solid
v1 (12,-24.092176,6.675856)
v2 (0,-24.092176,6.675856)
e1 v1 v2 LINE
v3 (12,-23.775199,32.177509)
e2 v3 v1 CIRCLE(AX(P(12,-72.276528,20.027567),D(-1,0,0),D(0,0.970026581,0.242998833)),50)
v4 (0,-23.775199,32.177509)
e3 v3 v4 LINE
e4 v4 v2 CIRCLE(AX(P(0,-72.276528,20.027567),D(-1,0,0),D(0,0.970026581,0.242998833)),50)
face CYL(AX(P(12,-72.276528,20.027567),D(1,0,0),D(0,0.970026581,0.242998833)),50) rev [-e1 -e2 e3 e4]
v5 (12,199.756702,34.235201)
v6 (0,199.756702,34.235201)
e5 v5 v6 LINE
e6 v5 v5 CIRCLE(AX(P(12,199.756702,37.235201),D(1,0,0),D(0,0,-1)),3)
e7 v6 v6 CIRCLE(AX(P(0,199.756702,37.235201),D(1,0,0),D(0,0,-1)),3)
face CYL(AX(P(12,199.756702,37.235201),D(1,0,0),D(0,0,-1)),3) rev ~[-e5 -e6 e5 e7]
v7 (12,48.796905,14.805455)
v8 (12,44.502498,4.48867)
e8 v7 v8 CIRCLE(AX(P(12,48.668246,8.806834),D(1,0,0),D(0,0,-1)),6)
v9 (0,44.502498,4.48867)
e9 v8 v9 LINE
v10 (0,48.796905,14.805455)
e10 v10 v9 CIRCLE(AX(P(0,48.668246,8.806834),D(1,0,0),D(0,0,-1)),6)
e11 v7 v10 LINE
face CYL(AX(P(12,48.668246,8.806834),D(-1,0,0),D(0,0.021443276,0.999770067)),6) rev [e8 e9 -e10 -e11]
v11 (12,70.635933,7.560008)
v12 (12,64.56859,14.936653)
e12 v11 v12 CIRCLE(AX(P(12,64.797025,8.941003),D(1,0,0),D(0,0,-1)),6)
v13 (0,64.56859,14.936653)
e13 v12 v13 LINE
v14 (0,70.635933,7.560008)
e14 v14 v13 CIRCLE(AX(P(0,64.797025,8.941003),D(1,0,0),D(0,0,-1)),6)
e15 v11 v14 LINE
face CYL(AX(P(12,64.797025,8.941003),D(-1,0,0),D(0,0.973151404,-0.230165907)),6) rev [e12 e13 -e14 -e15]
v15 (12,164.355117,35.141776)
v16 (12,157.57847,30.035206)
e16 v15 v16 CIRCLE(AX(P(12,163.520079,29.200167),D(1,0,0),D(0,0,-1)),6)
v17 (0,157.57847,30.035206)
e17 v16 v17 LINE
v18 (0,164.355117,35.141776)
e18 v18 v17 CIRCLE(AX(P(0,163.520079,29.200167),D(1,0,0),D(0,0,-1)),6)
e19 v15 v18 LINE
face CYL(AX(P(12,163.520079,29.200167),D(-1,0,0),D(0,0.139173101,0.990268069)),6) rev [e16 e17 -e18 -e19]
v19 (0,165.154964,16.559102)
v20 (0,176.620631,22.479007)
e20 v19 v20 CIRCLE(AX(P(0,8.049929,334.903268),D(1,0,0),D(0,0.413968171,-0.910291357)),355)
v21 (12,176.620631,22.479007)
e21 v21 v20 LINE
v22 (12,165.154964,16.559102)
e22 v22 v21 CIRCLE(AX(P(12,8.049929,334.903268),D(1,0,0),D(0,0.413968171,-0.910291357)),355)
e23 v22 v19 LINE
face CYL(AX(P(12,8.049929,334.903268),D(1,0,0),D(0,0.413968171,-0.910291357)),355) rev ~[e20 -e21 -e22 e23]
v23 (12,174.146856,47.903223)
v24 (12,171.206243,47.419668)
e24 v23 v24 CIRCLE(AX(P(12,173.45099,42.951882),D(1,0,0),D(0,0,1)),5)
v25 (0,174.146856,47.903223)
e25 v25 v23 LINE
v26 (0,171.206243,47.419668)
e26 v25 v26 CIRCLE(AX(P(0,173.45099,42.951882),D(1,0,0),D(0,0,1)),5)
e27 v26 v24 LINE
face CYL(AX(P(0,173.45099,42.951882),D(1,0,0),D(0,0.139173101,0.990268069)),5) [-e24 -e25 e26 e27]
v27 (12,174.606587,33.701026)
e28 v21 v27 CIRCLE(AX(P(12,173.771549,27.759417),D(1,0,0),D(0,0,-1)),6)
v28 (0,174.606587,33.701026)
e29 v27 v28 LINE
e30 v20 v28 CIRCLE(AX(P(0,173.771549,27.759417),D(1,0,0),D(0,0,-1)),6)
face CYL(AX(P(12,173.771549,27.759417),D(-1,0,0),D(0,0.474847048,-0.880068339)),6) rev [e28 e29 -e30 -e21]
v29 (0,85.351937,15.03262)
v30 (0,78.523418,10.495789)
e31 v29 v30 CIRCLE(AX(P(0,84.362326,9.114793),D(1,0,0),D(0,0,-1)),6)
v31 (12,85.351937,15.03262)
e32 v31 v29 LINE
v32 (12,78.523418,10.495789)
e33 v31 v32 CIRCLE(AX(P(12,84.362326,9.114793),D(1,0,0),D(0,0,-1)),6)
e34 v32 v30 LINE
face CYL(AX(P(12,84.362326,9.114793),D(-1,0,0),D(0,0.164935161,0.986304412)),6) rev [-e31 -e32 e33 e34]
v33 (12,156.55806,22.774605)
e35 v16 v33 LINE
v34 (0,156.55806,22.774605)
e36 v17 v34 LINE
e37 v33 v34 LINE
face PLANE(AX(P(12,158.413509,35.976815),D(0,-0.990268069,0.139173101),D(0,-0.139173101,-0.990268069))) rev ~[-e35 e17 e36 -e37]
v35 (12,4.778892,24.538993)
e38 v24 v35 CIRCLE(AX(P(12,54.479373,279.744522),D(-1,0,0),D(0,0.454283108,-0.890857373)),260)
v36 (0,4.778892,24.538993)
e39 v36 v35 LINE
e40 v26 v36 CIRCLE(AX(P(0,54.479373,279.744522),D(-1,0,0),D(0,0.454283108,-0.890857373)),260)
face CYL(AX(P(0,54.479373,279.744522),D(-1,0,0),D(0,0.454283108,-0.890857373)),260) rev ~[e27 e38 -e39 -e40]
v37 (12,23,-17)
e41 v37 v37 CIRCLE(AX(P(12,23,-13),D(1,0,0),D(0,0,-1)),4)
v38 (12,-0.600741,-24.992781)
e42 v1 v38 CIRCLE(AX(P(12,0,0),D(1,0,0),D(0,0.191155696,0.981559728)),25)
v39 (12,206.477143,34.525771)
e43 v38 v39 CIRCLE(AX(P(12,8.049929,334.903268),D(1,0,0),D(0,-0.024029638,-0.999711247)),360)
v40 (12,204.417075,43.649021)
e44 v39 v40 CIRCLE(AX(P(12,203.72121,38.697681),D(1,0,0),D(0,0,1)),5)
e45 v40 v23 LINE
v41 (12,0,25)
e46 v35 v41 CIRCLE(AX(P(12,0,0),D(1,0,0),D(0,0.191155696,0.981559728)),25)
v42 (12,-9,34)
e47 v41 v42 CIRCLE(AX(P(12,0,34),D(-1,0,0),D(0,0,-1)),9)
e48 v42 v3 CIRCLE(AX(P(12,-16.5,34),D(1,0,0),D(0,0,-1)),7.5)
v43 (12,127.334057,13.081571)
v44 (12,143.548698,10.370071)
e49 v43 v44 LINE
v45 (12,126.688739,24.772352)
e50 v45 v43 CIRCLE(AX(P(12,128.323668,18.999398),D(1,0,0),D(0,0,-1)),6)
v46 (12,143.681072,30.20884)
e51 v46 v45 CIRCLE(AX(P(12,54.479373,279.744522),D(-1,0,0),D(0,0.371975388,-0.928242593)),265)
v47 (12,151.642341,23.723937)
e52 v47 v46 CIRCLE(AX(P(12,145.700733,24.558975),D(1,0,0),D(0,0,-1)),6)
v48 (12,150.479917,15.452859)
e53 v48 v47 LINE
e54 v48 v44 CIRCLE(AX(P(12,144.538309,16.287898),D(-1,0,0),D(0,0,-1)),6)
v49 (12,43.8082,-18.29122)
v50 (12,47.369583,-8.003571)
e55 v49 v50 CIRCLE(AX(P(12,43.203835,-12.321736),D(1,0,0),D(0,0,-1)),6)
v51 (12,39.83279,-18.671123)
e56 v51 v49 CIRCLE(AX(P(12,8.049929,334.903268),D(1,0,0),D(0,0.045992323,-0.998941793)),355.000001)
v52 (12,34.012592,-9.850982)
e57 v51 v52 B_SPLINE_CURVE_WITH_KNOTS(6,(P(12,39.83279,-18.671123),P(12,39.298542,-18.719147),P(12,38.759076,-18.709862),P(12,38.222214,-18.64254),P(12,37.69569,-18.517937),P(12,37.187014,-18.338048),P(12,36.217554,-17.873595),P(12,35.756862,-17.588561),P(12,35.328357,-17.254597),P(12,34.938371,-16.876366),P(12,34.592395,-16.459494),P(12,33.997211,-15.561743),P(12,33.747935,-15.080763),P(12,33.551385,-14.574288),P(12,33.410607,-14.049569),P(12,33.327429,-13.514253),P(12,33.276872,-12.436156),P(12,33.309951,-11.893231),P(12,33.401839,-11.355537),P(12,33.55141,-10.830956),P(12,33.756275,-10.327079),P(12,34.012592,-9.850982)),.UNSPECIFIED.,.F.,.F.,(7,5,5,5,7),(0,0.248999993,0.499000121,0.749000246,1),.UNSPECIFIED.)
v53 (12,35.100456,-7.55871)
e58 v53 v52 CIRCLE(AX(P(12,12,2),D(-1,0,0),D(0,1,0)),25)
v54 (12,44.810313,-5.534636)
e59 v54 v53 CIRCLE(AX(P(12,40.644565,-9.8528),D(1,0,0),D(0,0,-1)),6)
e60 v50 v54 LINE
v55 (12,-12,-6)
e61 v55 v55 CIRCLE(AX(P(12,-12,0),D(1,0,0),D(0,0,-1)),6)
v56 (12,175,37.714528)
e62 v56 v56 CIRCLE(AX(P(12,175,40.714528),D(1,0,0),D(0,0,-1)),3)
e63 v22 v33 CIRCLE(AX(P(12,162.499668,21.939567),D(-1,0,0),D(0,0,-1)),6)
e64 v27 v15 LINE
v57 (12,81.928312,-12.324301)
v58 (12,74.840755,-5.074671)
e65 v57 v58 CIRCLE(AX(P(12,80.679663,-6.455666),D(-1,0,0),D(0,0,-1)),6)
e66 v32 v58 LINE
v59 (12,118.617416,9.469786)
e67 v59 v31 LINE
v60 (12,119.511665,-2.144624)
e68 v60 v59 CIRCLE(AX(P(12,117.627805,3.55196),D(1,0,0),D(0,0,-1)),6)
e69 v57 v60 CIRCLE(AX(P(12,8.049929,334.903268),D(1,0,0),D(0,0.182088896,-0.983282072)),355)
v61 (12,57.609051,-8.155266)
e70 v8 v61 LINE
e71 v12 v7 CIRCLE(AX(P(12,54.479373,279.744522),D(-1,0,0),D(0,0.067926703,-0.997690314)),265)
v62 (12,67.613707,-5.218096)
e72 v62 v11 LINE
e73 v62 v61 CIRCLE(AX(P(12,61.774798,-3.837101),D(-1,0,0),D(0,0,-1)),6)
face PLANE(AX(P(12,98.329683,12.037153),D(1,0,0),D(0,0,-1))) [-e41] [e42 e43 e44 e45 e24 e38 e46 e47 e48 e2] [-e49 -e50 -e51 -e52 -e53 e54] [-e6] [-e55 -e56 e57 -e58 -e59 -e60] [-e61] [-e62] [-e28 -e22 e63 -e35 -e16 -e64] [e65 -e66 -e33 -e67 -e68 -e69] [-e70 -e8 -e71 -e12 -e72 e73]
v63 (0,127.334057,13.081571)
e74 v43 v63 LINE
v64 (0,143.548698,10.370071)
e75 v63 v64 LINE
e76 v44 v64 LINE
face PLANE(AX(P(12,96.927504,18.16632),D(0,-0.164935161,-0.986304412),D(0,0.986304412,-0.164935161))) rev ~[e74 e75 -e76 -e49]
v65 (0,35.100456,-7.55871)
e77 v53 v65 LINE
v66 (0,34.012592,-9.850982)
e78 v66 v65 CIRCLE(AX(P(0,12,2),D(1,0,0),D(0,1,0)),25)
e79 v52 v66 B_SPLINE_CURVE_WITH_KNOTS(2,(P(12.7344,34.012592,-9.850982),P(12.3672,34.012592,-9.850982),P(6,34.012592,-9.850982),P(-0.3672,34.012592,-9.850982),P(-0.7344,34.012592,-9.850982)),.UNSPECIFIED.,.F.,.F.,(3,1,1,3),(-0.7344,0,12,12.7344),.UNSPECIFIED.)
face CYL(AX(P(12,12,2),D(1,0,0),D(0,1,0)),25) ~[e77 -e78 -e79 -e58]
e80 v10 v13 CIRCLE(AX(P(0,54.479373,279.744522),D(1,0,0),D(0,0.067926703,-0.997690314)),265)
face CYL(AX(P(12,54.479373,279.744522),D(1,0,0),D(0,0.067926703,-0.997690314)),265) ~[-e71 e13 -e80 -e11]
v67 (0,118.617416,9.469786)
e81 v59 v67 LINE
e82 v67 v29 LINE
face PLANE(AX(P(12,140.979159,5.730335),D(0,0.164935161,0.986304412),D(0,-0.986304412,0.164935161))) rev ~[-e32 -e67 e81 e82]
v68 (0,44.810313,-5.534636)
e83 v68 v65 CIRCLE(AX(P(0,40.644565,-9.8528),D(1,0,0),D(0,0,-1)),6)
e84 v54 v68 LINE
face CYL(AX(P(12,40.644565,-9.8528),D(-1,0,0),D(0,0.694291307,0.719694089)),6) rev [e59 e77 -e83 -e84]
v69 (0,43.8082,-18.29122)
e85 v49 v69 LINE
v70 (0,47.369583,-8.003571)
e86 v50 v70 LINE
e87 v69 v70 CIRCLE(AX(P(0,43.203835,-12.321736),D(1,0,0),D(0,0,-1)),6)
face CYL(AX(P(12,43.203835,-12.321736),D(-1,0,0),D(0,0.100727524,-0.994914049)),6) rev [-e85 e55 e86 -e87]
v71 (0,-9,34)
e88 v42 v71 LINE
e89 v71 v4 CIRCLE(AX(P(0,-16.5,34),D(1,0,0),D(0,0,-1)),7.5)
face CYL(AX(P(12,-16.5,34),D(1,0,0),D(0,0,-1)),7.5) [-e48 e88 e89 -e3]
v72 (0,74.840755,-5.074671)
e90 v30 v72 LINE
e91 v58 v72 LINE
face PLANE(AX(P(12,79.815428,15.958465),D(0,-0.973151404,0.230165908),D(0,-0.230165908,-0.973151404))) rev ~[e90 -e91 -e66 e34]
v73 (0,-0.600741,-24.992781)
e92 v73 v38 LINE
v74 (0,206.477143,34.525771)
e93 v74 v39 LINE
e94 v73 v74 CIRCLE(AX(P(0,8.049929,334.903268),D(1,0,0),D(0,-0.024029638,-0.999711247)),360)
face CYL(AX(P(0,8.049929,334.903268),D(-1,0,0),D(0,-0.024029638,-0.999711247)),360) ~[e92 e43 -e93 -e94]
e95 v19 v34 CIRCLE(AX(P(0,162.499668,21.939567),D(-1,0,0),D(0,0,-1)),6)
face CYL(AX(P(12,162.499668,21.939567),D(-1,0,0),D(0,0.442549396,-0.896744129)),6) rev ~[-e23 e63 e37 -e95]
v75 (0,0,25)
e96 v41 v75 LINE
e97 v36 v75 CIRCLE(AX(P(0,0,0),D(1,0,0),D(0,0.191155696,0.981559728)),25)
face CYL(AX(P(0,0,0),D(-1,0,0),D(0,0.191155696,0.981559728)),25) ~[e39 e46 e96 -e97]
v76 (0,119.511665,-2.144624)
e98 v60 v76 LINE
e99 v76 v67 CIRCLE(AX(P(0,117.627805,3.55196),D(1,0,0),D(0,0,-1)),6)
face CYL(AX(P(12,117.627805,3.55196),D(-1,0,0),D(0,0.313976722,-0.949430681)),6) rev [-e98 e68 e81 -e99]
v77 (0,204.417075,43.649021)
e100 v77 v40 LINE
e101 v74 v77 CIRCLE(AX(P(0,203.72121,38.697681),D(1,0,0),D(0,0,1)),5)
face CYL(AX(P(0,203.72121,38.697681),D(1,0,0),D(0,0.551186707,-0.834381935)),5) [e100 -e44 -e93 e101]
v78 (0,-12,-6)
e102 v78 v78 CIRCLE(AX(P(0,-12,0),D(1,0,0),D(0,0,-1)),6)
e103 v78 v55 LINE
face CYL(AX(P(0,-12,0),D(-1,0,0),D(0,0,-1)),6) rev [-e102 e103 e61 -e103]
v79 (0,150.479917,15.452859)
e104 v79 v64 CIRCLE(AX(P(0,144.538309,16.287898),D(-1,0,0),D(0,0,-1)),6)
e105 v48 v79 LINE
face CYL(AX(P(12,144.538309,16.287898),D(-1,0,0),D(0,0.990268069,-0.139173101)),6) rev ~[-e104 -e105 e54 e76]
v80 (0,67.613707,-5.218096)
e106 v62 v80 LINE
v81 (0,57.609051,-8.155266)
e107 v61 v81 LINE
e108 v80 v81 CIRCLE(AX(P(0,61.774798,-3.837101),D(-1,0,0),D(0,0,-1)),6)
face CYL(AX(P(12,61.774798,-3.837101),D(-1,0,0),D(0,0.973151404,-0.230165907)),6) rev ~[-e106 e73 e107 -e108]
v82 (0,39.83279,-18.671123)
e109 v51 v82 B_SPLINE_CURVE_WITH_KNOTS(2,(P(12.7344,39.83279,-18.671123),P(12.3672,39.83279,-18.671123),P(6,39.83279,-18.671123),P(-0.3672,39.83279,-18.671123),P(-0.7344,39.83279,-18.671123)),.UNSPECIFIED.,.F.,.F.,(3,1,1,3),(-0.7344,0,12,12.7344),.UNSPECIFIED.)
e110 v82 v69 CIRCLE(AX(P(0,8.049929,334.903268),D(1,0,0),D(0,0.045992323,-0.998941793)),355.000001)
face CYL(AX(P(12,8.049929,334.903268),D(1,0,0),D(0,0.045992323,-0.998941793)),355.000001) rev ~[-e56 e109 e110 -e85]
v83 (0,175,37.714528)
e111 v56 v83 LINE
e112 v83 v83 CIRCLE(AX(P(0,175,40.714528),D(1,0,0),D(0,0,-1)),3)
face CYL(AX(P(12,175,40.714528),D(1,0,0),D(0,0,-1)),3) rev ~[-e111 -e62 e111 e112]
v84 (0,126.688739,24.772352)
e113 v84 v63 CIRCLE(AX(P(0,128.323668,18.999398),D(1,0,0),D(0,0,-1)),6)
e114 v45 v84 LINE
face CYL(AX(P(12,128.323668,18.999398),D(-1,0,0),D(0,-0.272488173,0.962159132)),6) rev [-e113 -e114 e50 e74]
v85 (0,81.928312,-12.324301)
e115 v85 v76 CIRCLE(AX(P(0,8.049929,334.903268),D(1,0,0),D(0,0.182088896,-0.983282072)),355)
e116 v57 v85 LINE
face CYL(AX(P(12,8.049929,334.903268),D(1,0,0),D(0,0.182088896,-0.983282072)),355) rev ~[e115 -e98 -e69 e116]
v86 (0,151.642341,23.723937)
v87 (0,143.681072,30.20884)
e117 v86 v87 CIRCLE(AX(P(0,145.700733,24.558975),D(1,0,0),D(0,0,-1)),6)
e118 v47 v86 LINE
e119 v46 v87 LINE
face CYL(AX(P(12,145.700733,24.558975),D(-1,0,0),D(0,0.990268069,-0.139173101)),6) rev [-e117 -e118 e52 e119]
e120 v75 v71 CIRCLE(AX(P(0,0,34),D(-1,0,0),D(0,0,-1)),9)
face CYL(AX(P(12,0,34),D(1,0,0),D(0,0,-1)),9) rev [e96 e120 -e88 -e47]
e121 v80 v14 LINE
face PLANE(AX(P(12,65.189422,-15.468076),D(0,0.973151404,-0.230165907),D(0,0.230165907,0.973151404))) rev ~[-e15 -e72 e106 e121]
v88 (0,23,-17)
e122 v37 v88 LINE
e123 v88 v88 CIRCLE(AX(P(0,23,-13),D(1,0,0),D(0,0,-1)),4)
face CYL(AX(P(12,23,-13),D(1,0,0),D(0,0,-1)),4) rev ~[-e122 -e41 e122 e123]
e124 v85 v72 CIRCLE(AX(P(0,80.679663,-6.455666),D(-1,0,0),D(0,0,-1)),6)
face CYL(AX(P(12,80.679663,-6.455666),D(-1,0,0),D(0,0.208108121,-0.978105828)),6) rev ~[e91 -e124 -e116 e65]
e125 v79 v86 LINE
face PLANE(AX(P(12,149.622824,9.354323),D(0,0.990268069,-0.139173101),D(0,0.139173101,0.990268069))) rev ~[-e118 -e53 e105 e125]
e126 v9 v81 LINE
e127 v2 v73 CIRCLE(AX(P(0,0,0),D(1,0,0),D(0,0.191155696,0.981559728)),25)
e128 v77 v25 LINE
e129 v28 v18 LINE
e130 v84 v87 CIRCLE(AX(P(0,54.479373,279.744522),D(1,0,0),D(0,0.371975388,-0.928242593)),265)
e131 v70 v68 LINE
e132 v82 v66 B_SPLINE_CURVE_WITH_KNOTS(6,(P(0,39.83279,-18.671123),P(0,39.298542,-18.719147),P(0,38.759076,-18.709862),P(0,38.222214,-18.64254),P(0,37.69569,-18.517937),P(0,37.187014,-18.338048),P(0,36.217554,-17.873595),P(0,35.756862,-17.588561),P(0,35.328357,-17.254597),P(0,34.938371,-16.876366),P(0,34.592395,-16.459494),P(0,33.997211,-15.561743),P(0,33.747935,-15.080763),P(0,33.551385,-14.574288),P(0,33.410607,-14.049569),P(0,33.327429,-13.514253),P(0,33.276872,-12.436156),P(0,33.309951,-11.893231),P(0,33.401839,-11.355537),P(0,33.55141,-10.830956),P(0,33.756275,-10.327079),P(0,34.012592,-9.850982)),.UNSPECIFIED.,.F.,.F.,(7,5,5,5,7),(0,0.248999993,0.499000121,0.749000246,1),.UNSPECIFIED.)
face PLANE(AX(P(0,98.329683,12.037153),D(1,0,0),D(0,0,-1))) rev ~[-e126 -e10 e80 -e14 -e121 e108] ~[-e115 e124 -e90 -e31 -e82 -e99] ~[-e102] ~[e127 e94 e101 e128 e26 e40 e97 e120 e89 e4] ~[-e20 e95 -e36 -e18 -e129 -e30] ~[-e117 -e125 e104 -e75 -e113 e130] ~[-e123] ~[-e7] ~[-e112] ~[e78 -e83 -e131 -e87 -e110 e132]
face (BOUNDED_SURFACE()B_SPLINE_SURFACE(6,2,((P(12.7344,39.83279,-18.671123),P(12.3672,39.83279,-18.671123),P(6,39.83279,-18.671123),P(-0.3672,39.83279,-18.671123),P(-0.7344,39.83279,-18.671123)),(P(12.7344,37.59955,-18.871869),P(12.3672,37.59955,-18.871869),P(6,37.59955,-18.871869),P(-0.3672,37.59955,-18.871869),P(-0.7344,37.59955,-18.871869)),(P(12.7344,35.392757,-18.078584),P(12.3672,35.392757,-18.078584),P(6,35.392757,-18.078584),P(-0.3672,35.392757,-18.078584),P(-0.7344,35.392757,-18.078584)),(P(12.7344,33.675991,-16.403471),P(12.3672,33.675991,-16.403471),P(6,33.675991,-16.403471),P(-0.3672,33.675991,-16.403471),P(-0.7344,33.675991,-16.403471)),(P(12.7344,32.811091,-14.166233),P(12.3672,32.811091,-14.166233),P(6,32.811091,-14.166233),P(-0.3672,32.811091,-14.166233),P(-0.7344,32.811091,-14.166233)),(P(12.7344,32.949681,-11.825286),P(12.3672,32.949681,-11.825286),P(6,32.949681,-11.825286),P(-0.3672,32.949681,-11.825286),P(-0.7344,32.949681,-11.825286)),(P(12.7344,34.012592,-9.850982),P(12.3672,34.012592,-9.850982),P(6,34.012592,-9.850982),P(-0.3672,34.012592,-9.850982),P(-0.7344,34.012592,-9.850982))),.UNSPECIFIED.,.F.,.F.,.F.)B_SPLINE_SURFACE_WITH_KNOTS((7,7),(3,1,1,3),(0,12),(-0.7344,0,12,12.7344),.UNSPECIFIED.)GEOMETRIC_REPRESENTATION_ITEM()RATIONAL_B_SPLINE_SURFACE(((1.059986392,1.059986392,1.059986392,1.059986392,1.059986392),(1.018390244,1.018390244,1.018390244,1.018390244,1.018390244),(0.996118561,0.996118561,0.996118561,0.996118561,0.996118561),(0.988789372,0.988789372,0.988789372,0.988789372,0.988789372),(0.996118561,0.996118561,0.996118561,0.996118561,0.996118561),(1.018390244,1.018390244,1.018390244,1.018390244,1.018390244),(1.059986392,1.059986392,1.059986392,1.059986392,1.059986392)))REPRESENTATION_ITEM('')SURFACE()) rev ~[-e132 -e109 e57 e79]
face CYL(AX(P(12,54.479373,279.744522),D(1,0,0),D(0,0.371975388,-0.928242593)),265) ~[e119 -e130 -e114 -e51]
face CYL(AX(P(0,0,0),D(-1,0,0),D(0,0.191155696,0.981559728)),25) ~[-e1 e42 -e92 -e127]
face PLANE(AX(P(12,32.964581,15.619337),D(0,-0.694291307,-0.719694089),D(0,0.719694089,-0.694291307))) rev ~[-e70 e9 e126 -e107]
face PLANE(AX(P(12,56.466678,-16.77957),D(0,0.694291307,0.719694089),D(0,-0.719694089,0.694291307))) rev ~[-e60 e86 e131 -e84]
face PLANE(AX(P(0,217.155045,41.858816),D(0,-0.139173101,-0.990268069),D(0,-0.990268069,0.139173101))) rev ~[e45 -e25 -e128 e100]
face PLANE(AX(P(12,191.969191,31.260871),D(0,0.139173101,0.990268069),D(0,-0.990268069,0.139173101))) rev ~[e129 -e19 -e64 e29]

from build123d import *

# Parameters (mm, degrees)
SKETCH1_R           = 6
BOSS_EXTRUDE1_DEPTH = 12
SKETCH3_R           = 3
CUT_EXTRUDE2_DEPTH  = 13
CUT_EXTRUDE3_DEPTH  = 13
FILLET1_R           = 6
SKETCH2_R           = 4
CUT_EXTRUDE1_DEPTH  = 13.0000001
SKETCH5_R           = 7.5
BOSS_EXTRUDE2_DEPTH = 12
FILLET2_R           = 5


with BuildPart() as part:
    # Sketch1 → Boss-Extrude1 (new body)
    with BuildSketch(Plane(origin=(0, 0, 0), x_dir=(0, 0, -1), z_dir=(1, 0, 0))):
        with BuildLine():
            ThreePointArc((24.992781164, -0.60074095), (9.243822678, 113.703988064), (-41.858816097, 217.155044504))
            Line((-41.858816097, 217.155044504), (-48.12160564, 172.59298141))
            ThreePointArc((-48.12160564, 172.59298141), (-22.274376436, 90.661190514), (-24.538993202, 4.778892408))
            ThreePointArc((-24.538993202, 4.778892408), (2.400538477, 24.88448141), (25, 0))
            ThreePointArc((25, 0), (24.998195226, -0.30039216), (24.992781164, -0.60074095))
        make_face()
        with BuildLine():
            ThreePointArc((-24.538993202, 4.778892408), (-2.699369305, -24.853840857), (24.992781164, -0.60074095))
            ThreePointArc((24.992781164, -0.60074095), (24.998195226, -0.30039216), (25, 0))
            ThreePointArc((25, 0), (2.400538477, 24.88448141), (-24.538993202, 4.778892408))
        make_face()
        with Locations((0, -12)):
            Circle(SKETCH1_R, mode=Mode.SUBTRACT)
    extrude(amount=BOSS_EXTRUDE1_DEPTH)

    # Sketch3 → Cut-Extrude2 (cut, through all)
    with BuildSketch(Plane(origin=(12, 0, 0), x_dir=(0, 0, -1), z_dir=(1, 0, 0))):
        with Locations((-40.714528231, 175)):
            Circle(SKETCH3_R)
        with Locations((-37.235200707, 199.756701719)):
            Circle(SKETCH3_R)
    extrude(amount=-CUT_EXTRUDE2_DEPTH, mode=Mode.SUBTRACT)

    # Sketch4 → Cut-Extrude3 (cut, through all)
    with BuildSketch(Plane(origin=(12, 0, 0), x_dir=(0, 0, -1), z_dir=(1, 0, 0))):
        with BuildLine():
            ThreePointArc((-11.749836025, 155.008629259), (-20.960958666, 173.77628952), (-31.260870979, 191.969190837))
            Line((-31.260870979, 191.969190837), (-35.976814508, 158.413509038))
            Line((-35.976814508, 158.413509038), (-11.749836025, 155.008629259))
        make_face()
        with BuildLine():
            Line((-9.354323007, 149.622823998), (-33.760235475, 153.052851308))
            ThreePointArc((-33.760235475, 153.052851308), (-24.416431689, 125.419954523), (-18.166319592, 96.927503721))
            Line((-18.166319592, 96.927503721), (-9.354323007, 149.622823998))
        make_face()
        with BuildLine():
            ThreePointArc((14.161868129, 72.691486719), (5.930300275, 107.334766496), (-5.730334656, 140.979158838))
            Line((-5.730334656, 140.979158838), (-15.958464631, 79.815428272))
            Line((-15.958464631, 79.815428272), (14.161868129, 72.691486719))
        make_face()
        with BuildLine():
            Line((15.468075791, 65.189422352), (-15.356589243, 72.479949778))
            ThreePointArc((-15.356589243, 72.479949778), (-14.750380465, 52.717361117), (-15.619336812, 32.964581198))
            Line((-15.619336812, 32.964581198), (15.468075791, 65.189422352))
        make_face()
        with BuildLine():
            ThreePointArc((19.721068997, 24.377203305), (18.614609922, 40.455333735), (16.779570125, 56.466678425))
            Line((16.779570125, 56.466678425), (-2, 37))
            ThreePointArc((-2, 37), (10.561248293, 33.615157675), (19.721068997, 24.377203305))
        make_face()
    extrude(amount=-CUT_EXTRUDE3_DEPTH, mode=Mode.SUBTRACT)

    # Fillet1
    fillet1_edges = [part.edges().sort_by_distance(p)[0] for p in [
        (6, 155.008629259, 11.749836025),
        (6, 158.413509038, 35.976814508),
        (6, 191.969190837, 31.260870979),
        (6, 96.927503721, 18.166319592),
        (6, 153.052851308, 33.760235475),
        (6, 149.622823998, 9.354323007),
        (6, 72.691486719, -14.161868129),
        (6, 79.815428272, 15.958464631),
        (6, 140.979158838, 5.730334656),
        (6, 32.964581198, 15.619336812),
        (6, 72.479949778, 15.356589243),
        (6, 65.189422352, -15.468075791),
        (6, 24.377203305, -19.721068997),
        (6, 37, 2),
        (6, 56.466678425, -16.779570125),
    ]]
    fillet(fillet1_edges, radius=FILLET1_R)

    # Sketch2 → Cut-Extrude1 (cut, through all)
    with BuildSketch(Plane(origin=(12, 0, 0), x_dir=(0, 0, -1), z_dir=(1, 0, 0))):
        with Locations((13, 23)):
            Circle(SKETCH2_R)
    extrude(amount=-CUT_EXTRUDE1_DEPTH, mode=Mode.SUBTRACT)

    # Sketch5 → Boss-Extrude2 (add)
    with BuildSketch(Plane(origin=(12, 0, 0), x_dir=(0, 0, -1), z_dir=(1, 0, 0))):
        with BuildLine():
            ThreePointArc((-34, -9), (-28.696699141, -11.196699141), (-26.5, -16.5))
            ThreePointArc((-26.5, -16.5), (-28.087357429, -21.114180081), (-32.177508753, -23.775199355))
            ThreePointArc((-32.177508753, -23.775199355), (-19.40613231, -22.280390349), (-6.675855702, -24.092176129))
            ThreePointArc((-6.675855702, -24.092176129), (-19.898447082, -15.134457497), (-25, 0))
            ThreePointArc((-25, 0), (-27.636038969, -6.363961031), (-34, -9))
        make_face()
        with Locations((-34, -16.5)):
            Circle(SKETCH5_R)
    extrude(amount=-BOSS_EXTRUDE2_DEPTH)

    # Fillet2
    fillet2_edges = [part.edges().sort_by_distance(p)[0] for p in [
        (6, 172.59298141, 48.12160564),
        (6, 217.155044504, 41.858816097),
    ]]
    fillet(fillet2_edges, radius=FILLET2_R)


solid = part.part
